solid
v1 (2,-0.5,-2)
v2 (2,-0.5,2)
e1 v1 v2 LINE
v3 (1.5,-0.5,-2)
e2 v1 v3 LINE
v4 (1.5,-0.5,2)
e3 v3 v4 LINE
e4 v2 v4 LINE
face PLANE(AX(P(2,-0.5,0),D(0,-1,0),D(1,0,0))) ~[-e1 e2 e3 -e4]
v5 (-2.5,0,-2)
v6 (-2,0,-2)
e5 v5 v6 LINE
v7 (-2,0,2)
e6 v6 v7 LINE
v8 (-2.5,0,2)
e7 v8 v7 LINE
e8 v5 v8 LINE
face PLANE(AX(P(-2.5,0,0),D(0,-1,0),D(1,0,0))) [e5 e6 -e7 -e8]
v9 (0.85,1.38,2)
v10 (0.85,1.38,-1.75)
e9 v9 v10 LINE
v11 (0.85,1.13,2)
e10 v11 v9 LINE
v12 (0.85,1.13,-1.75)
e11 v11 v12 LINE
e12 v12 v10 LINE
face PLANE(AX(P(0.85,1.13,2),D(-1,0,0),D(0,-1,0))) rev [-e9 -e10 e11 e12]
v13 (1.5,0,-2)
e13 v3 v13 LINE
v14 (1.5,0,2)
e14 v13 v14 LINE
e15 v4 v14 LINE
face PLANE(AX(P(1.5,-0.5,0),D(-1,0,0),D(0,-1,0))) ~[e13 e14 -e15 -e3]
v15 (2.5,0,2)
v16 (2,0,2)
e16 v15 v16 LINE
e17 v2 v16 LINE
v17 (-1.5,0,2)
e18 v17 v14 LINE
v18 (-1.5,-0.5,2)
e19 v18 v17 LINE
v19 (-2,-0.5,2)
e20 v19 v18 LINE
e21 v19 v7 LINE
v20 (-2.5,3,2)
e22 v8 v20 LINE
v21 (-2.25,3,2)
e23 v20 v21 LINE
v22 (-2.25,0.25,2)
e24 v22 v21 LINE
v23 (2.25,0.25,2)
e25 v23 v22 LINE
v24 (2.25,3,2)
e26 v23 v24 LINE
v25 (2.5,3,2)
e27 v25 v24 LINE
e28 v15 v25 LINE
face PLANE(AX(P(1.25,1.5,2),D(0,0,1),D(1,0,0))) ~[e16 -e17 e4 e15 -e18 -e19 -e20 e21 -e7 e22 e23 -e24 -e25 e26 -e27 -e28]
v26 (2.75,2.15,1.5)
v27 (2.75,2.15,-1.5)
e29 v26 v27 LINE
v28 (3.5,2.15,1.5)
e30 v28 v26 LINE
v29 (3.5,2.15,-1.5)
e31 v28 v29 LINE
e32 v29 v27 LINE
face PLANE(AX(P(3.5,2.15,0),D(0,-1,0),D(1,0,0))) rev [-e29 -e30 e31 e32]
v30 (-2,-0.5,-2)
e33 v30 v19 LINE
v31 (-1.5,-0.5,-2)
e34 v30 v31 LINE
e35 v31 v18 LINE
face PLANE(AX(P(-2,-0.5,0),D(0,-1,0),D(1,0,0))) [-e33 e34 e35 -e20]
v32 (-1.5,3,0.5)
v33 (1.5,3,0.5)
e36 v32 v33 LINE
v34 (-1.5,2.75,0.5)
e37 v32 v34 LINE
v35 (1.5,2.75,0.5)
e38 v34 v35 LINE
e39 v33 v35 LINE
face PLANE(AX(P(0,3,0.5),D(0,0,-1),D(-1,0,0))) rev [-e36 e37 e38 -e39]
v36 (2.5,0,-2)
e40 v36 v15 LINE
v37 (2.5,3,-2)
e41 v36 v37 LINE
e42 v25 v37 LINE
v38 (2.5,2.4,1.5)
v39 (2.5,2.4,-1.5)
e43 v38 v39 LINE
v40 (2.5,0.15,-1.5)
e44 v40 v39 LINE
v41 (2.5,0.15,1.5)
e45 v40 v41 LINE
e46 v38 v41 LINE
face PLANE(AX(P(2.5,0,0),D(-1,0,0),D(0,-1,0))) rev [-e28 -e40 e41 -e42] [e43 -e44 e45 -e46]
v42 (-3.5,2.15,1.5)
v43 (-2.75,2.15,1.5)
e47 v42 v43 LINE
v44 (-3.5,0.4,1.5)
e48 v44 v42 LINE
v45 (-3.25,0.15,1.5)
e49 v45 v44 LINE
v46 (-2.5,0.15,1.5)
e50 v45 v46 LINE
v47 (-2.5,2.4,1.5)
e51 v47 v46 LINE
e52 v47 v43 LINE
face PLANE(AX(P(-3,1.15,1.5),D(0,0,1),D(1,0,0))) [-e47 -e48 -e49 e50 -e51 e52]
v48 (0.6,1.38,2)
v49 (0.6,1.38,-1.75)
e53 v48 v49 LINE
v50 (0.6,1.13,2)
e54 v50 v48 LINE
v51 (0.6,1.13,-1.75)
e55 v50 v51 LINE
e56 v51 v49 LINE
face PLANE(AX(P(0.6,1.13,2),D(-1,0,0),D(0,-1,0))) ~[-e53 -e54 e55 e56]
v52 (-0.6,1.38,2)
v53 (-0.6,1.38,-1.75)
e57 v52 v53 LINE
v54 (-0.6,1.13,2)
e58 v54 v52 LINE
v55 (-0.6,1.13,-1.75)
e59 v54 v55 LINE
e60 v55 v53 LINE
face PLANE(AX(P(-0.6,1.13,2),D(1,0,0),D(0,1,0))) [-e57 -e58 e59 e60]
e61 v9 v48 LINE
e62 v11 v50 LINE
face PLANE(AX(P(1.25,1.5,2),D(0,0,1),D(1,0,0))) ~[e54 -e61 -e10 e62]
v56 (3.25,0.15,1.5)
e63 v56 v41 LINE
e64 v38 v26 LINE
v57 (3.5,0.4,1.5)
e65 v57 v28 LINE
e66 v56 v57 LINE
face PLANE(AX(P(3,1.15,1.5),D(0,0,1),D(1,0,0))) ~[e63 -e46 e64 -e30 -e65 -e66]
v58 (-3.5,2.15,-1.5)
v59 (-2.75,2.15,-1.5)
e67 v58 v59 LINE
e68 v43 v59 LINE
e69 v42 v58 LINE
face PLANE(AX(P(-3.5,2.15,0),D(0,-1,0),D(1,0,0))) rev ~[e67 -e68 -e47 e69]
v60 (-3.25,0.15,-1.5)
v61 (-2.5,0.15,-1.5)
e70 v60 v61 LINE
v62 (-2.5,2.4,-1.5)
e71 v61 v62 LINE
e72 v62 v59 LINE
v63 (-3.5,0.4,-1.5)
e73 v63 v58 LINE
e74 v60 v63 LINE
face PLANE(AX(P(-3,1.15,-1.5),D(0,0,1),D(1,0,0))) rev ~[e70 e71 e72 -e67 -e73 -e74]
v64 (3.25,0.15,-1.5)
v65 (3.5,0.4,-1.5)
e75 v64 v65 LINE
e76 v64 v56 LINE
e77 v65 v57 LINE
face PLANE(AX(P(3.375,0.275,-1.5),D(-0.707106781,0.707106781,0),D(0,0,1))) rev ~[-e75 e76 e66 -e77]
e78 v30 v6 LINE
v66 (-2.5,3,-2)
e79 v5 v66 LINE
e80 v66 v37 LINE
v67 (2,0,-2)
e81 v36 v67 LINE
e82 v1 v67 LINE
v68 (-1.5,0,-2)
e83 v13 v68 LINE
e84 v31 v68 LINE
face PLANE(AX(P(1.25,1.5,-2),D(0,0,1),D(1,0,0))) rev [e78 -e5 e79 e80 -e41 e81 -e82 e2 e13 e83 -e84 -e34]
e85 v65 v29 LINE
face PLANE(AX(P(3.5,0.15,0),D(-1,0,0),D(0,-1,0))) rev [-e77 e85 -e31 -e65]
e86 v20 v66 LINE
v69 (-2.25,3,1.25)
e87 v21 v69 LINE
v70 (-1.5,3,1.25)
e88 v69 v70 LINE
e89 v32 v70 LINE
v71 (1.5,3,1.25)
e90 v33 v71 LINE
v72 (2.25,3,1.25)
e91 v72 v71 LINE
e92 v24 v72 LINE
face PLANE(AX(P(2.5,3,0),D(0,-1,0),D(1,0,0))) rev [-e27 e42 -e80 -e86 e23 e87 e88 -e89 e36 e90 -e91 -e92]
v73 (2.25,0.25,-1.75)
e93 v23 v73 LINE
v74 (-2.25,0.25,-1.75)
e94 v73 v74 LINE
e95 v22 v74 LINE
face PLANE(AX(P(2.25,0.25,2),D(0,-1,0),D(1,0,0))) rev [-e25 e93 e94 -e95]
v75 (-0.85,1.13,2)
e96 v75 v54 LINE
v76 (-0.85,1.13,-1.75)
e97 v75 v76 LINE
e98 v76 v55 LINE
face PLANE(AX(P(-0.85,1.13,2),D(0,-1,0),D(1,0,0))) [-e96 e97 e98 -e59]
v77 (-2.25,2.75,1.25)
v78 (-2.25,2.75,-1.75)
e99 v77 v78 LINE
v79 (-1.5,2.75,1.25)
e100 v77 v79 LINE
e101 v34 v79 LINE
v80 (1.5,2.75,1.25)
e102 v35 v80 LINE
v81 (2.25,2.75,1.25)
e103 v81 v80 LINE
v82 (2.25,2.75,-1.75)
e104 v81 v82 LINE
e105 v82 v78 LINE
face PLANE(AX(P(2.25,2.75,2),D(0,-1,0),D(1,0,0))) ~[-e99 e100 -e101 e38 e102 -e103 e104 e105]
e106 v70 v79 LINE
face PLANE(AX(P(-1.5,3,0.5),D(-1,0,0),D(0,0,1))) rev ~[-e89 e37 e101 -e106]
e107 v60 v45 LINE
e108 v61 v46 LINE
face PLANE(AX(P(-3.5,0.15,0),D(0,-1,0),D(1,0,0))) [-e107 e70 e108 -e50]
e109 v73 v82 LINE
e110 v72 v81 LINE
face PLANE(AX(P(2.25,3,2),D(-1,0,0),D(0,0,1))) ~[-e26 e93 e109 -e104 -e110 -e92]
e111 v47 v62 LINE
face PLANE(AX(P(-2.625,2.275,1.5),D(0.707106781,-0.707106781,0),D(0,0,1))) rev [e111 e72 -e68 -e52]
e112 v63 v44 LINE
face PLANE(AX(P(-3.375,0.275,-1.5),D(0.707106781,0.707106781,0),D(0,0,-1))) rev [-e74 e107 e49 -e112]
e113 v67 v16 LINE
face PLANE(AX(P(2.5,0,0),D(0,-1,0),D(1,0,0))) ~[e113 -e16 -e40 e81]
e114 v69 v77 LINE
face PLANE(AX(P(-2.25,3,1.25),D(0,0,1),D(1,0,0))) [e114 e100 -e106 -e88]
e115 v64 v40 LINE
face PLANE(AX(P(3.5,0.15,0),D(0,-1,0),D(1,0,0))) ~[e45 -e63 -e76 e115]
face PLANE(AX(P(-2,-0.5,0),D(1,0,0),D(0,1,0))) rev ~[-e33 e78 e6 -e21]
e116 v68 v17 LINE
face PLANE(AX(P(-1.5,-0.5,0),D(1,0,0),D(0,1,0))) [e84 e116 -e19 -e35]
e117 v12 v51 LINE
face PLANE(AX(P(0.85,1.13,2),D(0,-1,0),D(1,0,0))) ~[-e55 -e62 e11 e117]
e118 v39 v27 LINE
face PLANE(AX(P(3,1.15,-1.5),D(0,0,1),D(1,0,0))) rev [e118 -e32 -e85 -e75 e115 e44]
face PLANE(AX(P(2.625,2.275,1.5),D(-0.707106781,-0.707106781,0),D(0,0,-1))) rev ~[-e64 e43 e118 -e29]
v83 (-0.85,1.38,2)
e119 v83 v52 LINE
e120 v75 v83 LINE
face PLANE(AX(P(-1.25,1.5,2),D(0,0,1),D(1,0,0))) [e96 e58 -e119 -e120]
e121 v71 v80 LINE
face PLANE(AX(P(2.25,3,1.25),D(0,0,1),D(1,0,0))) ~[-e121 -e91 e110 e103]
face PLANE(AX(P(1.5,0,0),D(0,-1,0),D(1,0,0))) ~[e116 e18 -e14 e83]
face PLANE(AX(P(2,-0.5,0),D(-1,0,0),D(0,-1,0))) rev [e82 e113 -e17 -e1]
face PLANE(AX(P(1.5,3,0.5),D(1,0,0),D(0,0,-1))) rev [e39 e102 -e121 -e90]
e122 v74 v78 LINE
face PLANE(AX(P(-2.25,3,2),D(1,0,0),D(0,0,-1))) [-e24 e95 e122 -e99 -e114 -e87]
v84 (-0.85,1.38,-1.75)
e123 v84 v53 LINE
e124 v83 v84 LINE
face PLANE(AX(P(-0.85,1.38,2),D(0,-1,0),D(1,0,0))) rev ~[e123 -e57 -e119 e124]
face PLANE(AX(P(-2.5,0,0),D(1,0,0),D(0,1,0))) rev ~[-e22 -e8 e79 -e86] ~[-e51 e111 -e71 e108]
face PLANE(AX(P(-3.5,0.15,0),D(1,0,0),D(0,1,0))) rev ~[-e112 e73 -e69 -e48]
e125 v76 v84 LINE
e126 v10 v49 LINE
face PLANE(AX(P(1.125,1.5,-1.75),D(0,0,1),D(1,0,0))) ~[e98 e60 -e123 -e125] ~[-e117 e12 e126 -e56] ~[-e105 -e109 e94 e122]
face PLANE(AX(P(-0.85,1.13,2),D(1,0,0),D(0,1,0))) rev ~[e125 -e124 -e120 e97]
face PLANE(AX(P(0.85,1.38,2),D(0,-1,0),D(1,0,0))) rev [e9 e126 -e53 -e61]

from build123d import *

# Parameters (mm, degrees)
BOSS_EXTRUDE1_DEPTH = 2
SKETCH1_3_W         = 1
SKETCH1_3_H         = 2
BOSS_EXTRUDE2_DEPTH = 1.5
CHAMFER1_SIZE       = 0.25
SKETCH2_W           = 2.25
SKETCH2_H           = 2.5
SKETCH2_W_2         = 0.25
SKETCH2_H_2         = 0.25
CUT_EXTRUDE1_DEPTH  = 3.75
CUT_EXTRUDE2_REACH  = 7.339
SKETCH3_W           = 0.75
SKETCH3_H           = 0.75


with BuildPart() as part:
    # Sketch1 → Boss-Extrude1 (new, symmetric)
    with BuildSketch(Plane.XY):
        Polygon((-1.5, 0), (0, 0), (0, 3), (-2.5, 3), (-2.5, 0), (-2, 0), (-2, -0.5), (-1.5, -0.5), align=None)
    extrude(amount=BOSS_EXTRUDE1_DEPTH, both=True)

    # Sketch1<3> → Boss-Extrude2 (add, symmetric)
    with BuildSketch(Plane.XY):
        with Locations((-3, 1.15)):
            Rectangle(SKETCH1_3_W, SKETCH1_3_H)
    extrude(amount=BOSS_EXTRUDE2_DEPTH, both=True)

    # Chamfer1
    chamfer1_edges = [part.edges().sort_by_distance(p)[0] for p in [
        (-3.5, 0.15, 0),
        (-2.5, 2.15, 0),
    ]]
    chamfer(chamfer1_edges, length=CHAMFER1_SIZE)

    # Sketch2 → Cut-Extrude1 (cut)
    with BuildSketch(Plane.XY.offset(2)):
        with Locations((-1.125, 1.5)):
            Rectangle(SKETCH2_W, SKETCH2_H)
        with Locations((-0.725, 1.255)):
            Rectangle(SKETCH2_W_2, SKETCH2_H_2, mode=Mode.SUBTRACT)
    extrude(amount=-CUT_EXTRUDE1_DEPTH, mode=Mode.SUBTRACT)

    # Sketch3 → Cut-Extrude2 (cut, up to next)
    with BuildSketch(Plane(origin=(0, 3, 0), x_dir=(1, 0, 0), z_dir=(0, 1, 0)), mode=Mode.PRIVATE) as cut_extrude2_sk1:
        Polygon((-1.5, -2), (0, -2), (0, -0.5), (-1.5, -0.5), (-1.5, -1.25), align=None)
    cut_extrude2_tool1 = extrude(cut_extrude2_sk1.sketch, amount=-CUT_EXTRUDE2_REACH, mode=Mode.PRIVATE) & part.part
    # Sketch3 → Cut-Extrude2 (cut, up to next)
    with BuildSketch(Plane(origin=(0, 3, 0), x_dir=(1, 0, 0), z_dir=(0, 1, 0)), mode=Mode.PRIVATE) as cut_extrude2_sk2:
        with Locations((-1.875, -1.625)):
            Rectangle(SKETCH3_W, SKETCH3_H)
    cut_extrude2_tool2 = extrude(cut_extrude2_sk2.sketch, amount=-CUT_EXTRUDE2_REACH, mode=Mode.PRIVATE) & part.part
    add(cut_extrude2_tool1.solids().sort_by_distance((-0.75, 3, 1.25))[0], mode=Mode.SUBTRACT)
    add(cut_extrude2_tool2.solids().sort_by_distance((-1.875, 3, 1.625))[0], mode=Mode.SUBTRACT)

    # Mirror1: part across plane


with BuildPart() as part_1:
    add(part.part)
    add(part.part.mirror(Plane(origin=(0, 0, 2), x_dir=(0, 0, 1), z_dir=(-1, 0, 0))))


solid = part_1.part
